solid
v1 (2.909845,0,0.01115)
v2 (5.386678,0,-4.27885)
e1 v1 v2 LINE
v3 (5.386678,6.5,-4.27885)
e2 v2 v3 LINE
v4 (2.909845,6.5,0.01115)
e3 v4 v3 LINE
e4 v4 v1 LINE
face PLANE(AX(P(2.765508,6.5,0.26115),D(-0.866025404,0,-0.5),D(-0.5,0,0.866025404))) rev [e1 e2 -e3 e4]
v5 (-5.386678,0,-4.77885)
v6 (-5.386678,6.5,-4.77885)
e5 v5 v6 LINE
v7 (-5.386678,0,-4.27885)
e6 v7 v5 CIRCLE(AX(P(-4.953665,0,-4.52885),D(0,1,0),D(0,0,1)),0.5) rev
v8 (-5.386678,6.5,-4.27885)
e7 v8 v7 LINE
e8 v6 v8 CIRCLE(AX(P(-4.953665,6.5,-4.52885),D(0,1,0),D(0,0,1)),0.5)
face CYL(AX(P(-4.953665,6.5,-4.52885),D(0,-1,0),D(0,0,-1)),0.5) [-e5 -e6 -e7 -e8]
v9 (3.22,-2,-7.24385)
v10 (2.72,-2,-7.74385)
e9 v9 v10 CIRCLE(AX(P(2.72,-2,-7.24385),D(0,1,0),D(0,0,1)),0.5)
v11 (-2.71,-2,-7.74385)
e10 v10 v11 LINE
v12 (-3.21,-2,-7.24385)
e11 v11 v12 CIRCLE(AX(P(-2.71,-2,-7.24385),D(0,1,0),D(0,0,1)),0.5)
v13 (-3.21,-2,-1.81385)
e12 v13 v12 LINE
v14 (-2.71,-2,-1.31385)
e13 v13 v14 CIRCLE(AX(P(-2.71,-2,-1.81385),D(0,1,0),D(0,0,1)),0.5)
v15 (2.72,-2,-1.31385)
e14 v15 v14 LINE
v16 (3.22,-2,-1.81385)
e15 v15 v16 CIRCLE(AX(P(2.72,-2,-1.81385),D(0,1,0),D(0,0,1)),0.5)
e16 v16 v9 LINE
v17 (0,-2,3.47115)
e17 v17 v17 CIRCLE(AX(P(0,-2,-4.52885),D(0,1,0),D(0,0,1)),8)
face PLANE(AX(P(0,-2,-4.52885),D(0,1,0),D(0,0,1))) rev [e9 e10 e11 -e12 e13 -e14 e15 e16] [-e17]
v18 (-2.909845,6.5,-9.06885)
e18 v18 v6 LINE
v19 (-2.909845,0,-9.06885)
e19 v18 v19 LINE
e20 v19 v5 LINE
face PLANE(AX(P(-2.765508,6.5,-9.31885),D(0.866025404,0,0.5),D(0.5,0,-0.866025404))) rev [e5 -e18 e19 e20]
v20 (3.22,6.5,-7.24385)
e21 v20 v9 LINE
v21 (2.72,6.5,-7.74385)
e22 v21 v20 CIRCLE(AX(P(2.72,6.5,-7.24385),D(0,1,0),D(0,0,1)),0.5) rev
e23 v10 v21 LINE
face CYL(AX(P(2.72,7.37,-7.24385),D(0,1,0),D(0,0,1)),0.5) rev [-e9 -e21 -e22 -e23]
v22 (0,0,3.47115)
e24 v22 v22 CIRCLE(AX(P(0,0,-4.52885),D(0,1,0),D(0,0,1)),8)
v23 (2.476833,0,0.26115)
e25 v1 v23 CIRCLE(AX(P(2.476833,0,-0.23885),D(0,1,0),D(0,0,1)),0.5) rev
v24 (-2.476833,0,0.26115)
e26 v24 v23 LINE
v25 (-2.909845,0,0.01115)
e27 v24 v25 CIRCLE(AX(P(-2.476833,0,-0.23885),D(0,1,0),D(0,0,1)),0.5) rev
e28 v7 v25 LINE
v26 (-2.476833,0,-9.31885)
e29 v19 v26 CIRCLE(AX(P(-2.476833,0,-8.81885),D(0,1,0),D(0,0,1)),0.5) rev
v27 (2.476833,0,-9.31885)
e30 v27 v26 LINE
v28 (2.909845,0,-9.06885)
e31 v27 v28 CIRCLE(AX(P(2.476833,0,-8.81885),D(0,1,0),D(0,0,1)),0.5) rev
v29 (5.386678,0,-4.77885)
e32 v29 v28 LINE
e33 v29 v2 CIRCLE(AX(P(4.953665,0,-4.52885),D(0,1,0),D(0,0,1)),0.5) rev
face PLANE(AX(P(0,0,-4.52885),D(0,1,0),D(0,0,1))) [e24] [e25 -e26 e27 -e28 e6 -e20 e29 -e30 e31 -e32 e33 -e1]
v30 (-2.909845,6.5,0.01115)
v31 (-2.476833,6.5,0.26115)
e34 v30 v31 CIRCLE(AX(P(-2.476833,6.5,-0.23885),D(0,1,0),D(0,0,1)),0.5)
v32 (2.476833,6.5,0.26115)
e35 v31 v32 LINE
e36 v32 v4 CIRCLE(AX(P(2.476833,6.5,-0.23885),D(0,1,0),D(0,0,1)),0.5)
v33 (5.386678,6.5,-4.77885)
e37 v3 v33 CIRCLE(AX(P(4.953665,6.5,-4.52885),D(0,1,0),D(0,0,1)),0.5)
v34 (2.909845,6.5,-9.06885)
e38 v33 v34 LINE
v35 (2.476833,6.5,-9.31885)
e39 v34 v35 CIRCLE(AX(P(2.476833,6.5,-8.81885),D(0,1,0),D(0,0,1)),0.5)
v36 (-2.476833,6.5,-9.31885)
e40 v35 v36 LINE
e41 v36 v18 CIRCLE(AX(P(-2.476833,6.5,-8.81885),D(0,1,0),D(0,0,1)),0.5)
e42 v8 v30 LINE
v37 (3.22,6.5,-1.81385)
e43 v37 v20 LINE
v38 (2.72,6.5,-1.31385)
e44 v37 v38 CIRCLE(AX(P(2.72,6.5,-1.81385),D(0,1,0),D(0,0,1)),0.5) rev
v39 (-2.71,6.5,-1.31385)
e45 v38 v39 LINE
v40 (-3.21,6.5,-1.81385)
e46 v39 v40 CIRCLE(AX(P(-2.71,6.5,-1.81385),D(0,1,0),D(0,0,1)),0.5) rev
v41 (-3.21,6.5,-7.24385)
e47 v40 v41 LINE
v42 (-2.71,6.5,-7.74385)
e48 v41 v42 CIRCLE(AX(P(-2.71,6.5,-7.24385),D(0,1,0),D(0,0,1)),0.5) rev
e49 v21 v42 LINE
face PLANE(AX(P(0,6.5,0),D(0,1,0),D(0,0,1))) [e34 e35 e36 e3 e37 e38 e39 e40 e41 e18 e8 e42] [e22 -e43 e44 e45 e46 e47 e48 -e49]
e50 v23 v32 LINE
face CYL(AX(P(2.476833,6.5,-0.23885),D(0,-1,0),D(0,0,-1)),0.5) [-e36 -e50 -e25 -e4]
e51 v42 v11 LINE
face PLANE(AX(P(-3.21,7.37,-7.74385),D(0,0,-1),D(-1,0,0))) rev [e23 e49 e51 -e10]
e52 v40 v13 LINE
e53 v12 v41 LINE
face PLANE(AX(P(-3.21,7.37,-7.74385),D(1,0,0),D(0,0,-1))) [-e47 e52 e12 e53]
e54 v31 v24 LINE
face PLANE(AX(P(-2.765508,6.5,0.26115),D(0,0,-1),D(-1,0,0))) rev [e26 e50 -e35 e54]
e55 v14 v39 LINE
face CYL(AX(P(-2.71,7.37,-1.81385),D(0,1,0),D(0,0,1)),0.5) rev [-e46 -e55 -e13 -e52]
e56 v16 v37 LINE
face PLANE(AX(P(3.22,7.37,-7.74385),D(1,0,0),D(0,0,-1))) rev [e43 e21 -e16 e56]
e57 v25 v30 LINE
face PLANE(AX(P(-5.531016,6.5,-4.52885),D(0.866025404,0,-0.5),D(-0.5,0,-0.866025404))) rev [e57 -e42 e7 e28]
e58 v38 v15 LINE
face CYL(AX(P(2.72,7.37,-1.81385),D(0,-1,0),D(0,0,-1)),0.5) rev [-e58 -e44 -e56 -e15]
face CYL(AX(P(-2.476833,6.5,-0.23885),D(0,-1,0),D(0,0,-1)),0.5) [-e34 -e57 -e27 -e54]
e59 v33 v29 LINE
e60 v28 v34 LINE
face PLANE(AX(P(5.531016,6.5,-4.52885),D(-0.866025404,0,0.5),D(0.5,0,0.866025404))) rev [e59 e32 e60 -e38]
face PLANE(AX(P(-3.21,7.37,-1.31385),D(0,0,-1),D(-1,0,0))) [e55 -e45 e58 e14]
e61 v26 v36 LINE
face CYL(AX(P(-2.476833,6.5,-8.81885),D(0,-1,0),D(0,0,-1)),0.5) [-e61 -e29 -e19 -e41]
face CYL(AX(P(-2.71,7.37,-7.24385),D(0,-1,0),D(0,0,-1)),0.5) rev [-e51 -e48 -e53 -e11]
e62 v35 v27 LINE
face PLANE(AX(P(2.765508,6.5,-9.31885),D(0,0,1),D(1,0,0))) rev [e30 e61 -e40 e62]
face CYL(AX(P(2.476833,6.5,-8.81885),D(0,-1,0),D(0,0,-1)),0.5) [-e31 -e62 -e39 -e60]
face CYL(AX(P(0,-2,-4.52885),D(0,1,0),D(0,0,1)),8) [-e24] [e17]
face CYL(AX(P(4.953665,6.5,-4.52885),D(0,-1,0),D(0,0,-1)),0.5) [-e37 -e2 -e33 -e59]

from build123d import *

# Parameters (mm, degrees)
BOSS_EXTRUDE2_DEPTH     = 6.5
SKETCH4_R               = 8
BOSS_EXTRUDE3_DEPTH     = 2
CUT_EXTRUDE1_DEPTH      = 7.37
CUT_EXTRUDE1_DEPTH_BACK = 2.37
SKETCH1_W               = 6.43
SKETCH1_H               = 6.43
FILLET1_R               = 0.5
FILLET2_R               = 0.5


with BuildPart() as part:
    # Sketch3 → Boss-Extrude2 (new body)
    with BuildSketch(Plane(origin=(0, 0, 0), x_dir=(1, 0, 0), z_dir=(0, 1, 0))):
        Polygon((2.765507789, -0.261150073), (5.531015579, 4.528849927), (2.765507789, 9.318849927), (-2.765507789, 9.318849927), (-5.531015579, 4.528849927), (-2.765507789, -0.261150073), align=None)
    extrude(amount=BOSS_EXTRUDE2_DEPTH)

    # Sketch4 → Boss-Extrude3 (add)
    with BuildSketch(Plane(origin=(0, 0, 0), x_dir=(1, 0, 0), z_dir=(0, 1, 0))):
        with Locations(Location((0, 4.528849927, 0), (0, 0, 270))):
            Circle(SKETCH4_R)
    extrude(amount=-BOSS_EXTRUDE3_DEPTH)

    # Sketch1 → Cut-Extrude1 (cut, two sides: drawn at the far end of the back side and taken through both)
    with BuildSketch(Plane(origin=(0, 0, 0), x_dir=(1, 0, 0), z_dir=(0, 1, 0)).offset(-CUT_EXTRUDE1_DEPTH_BACK)):
        with Locations((0.005, 4.528849927)):
            Rectangle(SKETCH1_W, SKETCH1_H)
    extrude(amount=CUT_EXTRUDE1_DEPTH + CUT_EXTRUDE1_DEPTH_BACK, mode=Mode.SUBTRACT)

    # Fillet1
    fillet1_edges = [part.edges().sort_by_distance(p)[0] for p in [
        (3.22, 2.25, -7.743849927),
        (-3.21, 2.25, -7.743849927),
        (-3.21, 2.25, -1.313849927),
        (3.22, 2.25, -1.313849927),
    ]]
    fillet(fillet1_edges, radius=FILLET1_R)

    # Fillet2
    fillet2_edges = [part.edges().sort_by_distance(p)[0] for p in [
        (-2.765507789, 3.25, 0.261150073),
        (-5.531015579, 3.25, -4.528849927),
        (-2.765507789, 3.25, -9.318849927),
        (2.765507789, 3.25, -9.318849927),
        (5.531015579, 3.25, -4.528849927),
        (2.765507789, 3.25, 0.261150073),
    ]]
    fillet(fillet2_edges, radius=FILLET2_R)


solid = part.part
